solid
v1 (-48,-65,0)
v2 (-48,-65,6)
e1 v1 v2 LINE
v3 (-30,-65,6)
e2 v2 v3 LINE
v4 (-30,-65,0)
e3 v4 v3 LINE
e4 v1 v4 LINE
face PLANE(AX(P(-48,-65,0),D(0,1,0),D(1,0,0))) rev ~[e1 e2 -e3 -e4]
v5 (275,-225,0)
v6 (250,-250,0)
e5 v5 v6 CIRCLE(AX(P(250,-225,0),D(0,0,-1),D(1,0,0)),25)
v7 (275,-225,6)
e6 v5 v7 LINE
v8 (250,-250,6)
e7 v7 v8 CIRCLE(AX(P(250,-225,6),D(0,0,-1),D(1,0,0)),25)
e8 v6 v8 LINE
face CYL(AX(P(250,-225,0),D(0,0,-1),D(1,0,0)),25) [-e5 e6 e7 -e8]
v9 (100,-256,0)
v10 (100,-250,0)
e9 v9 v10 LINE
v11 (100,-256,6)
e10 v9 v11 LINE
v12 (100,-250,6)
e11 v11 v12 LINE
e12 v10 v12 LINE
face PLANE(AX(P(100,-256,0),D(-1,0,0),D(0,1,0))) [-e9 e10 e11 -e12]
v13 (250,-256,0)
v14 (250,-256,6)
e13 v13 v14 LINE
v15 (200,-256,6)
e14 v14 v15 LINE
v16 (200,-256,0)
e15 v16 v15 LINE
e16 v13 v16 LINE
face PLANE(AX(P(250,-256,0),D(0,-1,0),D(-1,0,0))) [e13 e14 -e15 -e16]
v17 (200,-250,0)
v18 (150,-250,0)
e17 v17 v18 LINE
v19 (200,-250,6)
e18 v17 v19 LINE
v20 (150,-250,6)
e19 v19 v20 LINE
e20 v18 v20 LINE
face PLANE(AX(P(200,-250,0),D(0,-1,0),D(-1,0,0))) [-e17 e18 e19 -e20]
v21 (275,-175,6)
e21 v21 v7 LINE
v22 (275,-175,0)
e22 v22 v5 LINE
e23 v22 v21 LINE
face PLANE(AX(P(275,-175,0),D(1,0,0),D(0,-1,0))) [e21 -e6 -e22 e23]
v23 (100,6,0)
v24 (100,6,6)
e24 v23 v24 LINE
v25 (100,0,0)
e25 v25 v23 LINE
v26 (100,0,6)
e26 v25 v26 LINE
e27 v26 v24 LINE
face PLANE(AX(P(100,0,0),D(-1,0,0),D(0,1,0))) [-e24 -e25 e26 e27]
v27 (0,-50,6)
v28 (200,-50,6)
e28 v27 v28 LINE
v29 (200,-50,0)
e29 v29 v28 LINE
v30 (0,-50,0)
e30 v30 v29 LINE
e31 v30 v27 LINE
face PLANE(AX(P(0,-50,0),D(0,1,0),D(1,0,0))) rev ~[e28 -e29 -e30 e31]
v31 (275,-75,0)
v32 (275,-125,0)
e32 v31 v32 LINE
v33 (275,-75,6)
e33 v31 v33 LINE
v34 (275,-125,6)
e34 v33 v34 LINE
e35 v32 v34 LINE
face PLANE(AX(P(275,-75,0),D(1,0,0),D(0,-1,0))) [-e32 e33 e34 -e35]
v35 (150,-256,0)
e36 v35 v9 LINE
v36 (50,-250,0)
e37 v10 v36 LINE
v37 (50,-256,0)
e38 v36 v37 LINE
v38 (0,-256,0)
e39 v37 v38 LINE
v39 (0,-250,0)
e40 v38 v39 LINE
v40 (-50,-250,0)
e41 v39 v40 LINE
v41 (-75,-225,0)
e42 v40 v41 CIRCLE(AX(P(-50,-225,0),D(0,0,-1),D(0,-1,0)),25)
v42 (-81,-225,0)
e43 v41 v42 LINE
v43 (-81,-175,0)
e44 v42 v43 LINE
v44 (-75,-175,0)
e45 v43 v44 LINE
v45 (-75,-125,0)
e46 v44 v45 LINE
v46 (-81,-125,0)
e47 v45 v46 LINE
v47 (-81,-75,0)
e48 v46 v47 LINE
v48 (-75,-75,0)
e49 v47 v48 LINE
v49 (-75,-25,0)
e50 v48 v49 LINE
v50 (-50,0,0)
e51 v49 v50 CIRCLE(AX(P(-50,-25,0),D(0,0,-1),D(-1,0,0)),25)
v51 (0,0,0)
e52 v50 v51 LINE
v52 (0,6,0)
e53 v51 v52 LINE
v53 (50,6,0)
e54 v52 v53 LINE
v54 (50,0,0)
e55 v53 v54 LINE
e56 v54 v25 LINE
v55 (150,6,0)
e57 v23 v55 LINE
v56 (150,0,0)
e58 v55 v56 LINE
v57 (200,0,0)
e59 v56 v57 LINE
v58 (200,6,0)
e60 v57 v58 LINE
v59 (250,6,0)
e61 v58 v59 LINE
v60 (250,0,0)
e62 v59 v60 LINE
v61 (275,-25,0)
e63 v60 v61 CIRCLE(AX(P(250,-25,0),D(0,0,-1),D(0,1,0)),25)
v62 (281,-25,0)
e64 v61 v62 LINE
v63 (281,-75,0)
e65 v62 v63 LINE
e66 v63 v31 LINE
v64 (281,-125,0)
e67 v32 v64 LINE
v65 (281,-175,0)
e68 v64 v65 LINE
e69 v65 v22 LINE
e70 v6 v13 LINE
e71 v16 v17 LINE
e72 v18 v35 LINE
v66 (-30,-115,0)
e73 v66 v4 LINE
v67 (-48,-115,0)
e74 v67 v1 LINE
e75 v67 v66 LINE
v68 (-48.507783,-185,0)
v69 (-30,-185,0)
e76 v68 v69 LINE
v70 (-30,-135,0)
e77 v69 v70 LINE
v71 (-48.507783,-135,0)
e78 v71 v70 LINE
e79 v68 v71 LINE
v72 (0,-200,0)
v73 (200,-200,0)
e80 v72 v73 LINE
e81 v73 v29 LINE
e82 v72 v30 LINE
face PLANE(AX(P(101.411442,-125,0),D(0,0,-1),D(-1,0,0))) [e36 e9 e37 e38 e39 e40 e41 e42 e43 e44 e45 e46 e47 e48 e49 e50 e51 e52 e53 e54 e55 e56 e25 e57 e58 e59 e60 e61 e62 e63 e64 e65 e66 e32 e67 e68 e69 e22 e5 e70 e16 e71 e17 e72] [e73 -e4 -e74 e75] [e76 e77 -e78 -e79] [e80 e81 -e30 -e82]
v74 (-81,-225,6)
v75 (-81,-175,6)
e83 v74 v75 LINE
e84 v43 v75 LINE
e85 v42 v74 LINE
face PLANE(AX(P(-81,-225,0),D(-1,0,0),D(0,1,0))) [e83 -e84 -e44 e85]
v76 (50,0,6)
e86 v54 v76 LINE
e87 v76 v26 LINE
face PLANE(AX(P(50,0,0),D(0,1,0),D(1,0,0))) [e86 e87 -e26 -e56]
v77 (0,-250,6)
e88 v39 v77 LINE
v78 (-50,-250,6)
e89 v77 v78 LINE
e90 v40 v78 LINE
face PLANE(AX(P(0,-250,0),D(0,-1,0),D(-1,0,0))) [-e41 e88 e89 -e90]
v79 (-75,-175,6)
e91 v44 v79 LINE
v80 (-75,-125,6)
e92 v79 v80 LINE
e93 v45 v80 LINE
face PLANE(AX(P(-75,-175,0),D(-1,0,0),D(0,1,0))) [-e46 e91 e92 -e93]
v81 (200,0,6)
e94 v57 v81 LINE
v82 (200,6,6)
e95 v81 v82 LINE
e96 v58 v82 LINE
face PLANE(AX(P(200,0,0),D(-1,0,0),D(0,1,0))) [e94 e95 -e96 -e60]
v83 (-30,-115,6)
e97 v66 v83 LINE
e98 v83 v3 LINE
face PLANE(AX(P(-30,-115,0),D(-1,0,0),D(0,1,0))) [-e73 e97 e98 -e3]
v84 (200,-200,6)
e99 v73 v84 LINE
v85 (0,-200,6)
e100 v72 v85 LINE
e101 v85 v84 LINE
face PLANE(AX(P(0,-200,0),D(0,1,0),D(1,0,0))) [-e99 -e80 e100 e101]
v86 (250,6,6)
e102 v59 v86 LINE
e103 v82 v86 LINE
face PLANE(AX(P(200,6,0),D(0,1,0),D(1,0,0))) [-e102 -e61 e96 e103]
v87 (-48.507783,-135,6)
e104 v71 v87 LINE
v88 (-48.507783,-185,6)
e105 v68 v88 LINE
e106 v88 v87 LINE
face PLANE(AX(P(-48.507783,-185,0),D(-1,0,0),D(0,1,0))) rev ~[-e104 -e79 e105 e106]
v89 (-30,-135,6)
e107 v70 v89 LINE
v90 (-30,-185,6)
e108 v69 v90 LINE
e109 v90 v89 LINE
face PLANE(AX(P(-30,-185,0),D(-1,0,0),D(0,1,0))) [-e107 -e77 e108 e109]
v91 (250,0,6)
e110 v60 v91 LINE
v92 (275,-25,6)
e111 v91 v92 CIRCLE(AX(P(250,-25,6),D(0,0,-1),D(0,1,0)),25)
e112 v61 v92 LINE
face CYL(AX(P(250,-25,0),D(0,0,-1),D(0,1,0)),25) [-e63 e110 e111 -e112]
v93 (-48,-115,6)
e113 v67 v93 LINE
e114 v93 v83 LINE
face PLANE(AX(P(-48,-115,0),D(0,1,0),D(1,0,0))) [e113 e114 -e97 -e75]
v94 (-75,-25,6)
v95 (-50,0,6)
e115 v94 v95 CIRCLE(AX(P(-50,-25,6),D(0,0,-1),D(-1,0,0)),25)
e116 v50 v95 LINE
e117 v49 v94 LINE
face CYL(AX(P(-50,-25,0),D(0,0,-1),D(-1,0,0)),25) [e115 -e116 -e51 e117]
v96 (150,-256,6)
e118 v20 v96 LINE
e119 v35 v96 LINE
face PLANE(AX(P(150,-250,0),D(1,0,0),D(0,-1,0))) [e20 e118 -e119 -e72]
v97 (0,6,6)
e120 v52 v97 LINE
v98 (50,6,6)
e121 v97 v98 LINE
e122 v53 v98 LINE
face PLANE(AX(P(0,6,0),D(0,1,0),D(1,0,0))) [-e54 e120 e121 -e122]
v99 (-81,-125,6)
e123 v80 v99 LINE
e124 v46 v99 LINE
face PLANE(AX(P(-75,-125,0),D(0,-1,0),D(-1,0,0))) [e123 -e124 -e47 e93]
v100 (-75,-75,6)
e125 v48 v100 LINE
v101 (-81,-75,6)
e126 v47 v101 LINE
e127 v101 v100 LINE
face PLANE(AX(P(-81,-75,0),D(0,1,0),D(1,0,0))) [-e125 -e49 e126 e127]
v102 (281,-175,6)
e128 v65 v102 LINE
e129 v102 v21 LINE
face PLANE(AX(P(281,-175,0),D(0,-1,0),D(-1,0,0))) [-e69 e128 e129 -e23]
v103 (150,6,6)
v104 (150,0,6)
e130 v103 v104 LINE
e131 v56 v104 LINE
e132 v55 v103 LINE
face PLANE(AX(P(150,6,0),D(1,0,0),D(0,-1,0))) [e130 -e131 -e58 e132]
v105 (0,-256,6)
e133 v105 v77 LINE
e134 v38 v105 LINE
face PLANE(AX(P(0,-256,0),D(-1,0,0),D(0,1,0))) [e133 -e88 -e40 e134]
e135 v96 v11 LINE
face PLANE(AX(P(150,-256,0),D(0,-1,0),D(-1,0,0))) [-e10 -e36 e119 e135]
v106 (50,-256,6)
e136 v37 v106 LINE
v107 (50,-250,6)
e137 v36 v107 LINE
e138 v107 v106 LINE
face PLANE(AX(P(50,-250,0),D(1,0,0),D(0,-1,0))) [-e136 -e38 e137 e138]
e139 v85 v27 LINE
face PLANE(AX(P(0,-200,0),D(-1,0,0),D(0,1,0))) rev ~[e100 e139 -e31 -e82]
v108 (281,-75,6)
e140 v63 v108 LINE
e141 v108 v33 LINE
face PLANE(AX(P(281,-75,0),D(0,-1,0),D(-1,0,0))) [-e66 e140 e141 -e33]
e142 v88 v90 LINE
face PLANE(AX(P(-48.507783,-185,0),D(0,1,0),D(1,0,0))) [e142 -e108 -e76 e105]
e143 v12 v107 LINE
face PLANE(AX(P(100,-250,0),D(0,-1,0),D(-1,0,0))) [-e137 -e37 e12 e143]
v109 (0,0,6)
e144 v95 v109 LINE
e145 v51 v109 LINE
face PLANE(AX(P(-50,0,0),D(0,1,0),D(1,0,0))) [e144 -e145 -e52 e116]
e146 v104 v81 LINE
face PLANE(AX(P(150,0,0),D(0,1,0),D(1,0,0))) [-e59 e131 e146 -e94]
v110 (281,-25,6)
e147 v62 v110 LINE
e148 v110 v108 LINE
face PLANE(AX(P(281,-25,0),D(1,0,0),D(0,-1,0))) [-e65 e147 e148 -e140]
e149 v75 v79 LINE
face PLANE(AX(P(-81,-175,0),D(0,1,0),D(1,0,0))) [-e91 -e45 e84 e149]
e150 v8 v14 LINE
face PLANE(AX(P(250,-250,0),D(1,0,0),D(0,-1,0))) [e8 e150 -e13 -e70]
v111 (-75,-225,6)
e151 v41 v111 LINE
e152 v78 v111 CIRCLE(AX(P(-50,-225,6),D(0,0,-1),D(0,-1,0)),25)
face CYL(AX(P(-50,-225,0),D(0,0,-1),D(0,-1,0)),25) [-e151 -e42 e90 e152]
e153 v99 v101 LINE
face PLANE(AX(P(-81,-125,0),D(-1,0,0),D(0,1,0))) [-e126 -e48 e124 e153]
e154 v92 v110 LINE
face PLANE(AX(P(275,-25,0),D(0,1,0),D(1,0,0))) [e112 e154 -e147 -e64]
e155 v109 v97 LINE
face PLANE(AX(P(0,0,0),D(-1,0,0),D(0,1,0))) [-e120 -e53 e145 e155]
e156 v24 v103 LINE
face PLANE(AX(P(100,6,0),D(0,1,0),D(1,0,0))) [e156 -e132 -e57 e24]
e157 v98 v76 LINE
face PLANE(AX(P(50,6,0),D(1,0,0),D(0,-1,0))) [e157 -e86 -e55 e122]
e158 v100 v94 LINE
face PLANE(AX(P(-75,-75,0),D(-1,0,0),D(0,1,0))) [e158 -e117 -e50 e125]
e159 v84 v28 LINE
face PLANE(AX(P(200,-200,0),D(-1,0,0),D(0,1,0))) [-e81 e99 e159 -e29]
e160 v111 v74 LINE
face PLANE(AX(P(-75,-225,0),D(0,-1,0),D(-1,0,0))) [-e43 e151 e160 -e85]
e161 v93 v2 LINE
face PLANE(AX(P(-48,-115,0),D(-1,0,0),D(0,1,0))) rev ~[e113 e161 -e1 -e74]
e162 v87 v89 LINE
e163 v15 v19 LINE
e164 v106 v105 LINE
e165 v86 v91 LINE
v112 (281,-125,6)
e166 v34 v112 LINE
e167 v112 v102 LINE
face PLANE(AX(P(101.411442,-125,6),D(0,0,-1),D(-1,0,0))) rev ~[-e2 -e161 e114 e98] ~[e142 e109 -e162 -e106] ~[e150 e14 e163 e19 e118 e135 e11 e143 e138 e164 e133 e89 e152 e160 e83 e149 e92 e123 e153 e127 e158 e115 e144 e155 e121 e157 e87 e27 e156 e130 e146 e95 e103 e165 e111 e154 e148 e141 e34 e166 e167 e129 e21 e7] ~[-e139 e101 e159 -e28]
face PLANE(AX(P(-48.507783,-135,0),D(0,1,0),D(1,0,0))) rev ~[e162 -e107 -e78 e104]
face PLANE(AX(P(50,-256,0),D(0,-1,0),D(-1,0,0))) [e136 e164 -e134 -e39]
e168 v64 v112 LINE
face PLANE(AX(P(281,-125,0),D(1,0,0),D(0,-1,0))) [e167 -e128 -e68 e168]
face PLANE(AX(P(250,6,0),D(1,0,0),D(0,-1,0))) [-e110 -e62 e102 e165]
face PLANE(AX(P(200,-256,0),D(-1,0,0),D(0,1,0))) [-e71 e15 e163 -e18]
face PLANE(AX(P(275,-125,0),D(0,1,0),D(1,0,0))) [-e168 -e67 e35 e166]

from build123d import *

# Parameters (mm, degrees)
ESQUISSE1_W        = 200
ESQUISSE1_H        = 150
ESQUISSE1_W_2      = 18
ESQUISSE1_H_2      = 50
ESQUISSE1_W_3      = 18.507782823
BOSS_EXTRU_1_DEPTH = 6


with BuildPart() as part:
    # Esquisse1 → Boss.-Extru.1 (new body)
    with BuildSketch(Plane.XY):
        with BuildLine():
            Line((0, 0), (0, 6))
            Line((0, 6), (50, 6))
            Line((50, 6), (50, 0))
            Line((50, 0), (100, 0))
            Line((100, 0), (100, 6))
            Line((100, 6), (150, 6))
            Line((150, 6), (150, 0))
            Line((150, 0), (200, 0))
            Line((200, 0), (200, 6))
            Line((200, 6), (250, 6))
            Line((250, 6), (250, 0))
            ThreePointArc((250, 0), (267.67766953, -7.32233047), (275, -25))
            Line((275, -25), (281, -25))
            Line((281, -25), (281, -75))
            Line((281, -75), (275, -75))
            Line((275, -75), (275, -125))
            Line((275, -125), (281, -125))
            Line((281, -125), (281, -175))
            Line((281, -175), (275, -175))
            Line((275, -175), (275, -225))
            ThreePointArc((275, -225), (267.67766953, -242.67766953), (250, -250))
            Line((250, -250), (250, -256))
            Line((250, -256), (200, -256))
            Line((200, -256), (200, -250))
            Line((200, -250), (150, -250))
            Line((150, -250), (150, -256))
            Line((150, -256), (100, -256))
            Line((100, -256), (100, -250))
            Line((100, -250), (50, -250))
            Line((50, -250), (50, -256))
            Line((50, -256), (0, -256))
            Line((0, -256), (0, -250))
            Line((0, -250), (-50, -250))
            ThreePointArc((-50, -250), (-67.67766953, -242.67766953), (-75, -225))
            Line((-75, -225), (-81, -225))
            Line((-81, -225), (-81, -175))
            Line((-81, -175), (-75, -175))
            Line((-75, -175), (-75, -125))
            Line((-75, -125), (-81, -125))
            Line((-81, -125), (-81, -75))
            Line((-81, -75), (-75, -75))
            Line((-75, -75), (-75, -25))
            ThreePointArc((-75, -25), (-67.67766953, -7.32233047), (-50, 0))
            Line((-50, 0), (0, 0))
        make_face()
        with Locations((100, -125)):
            Rectangle(ESQUISSE1_W, ESQUISSE1_H, mode=Mode.SUBTRACT)
        with Locations((-39, -90)):
            Rectangle(ESQUISSE1_W_2, ESQUISSE1_H_2, mode=Mode.SUBTRACT)
        with Locations((-39.253891412, -160)):
            Rectangle(ESQUISSE1_W_3, ESQUISSE1_H_2, mode=Mode.SUBTRACT)
    extrude(amount=BOSS_EXTRU_1_DEPTH)


solid = part.part
